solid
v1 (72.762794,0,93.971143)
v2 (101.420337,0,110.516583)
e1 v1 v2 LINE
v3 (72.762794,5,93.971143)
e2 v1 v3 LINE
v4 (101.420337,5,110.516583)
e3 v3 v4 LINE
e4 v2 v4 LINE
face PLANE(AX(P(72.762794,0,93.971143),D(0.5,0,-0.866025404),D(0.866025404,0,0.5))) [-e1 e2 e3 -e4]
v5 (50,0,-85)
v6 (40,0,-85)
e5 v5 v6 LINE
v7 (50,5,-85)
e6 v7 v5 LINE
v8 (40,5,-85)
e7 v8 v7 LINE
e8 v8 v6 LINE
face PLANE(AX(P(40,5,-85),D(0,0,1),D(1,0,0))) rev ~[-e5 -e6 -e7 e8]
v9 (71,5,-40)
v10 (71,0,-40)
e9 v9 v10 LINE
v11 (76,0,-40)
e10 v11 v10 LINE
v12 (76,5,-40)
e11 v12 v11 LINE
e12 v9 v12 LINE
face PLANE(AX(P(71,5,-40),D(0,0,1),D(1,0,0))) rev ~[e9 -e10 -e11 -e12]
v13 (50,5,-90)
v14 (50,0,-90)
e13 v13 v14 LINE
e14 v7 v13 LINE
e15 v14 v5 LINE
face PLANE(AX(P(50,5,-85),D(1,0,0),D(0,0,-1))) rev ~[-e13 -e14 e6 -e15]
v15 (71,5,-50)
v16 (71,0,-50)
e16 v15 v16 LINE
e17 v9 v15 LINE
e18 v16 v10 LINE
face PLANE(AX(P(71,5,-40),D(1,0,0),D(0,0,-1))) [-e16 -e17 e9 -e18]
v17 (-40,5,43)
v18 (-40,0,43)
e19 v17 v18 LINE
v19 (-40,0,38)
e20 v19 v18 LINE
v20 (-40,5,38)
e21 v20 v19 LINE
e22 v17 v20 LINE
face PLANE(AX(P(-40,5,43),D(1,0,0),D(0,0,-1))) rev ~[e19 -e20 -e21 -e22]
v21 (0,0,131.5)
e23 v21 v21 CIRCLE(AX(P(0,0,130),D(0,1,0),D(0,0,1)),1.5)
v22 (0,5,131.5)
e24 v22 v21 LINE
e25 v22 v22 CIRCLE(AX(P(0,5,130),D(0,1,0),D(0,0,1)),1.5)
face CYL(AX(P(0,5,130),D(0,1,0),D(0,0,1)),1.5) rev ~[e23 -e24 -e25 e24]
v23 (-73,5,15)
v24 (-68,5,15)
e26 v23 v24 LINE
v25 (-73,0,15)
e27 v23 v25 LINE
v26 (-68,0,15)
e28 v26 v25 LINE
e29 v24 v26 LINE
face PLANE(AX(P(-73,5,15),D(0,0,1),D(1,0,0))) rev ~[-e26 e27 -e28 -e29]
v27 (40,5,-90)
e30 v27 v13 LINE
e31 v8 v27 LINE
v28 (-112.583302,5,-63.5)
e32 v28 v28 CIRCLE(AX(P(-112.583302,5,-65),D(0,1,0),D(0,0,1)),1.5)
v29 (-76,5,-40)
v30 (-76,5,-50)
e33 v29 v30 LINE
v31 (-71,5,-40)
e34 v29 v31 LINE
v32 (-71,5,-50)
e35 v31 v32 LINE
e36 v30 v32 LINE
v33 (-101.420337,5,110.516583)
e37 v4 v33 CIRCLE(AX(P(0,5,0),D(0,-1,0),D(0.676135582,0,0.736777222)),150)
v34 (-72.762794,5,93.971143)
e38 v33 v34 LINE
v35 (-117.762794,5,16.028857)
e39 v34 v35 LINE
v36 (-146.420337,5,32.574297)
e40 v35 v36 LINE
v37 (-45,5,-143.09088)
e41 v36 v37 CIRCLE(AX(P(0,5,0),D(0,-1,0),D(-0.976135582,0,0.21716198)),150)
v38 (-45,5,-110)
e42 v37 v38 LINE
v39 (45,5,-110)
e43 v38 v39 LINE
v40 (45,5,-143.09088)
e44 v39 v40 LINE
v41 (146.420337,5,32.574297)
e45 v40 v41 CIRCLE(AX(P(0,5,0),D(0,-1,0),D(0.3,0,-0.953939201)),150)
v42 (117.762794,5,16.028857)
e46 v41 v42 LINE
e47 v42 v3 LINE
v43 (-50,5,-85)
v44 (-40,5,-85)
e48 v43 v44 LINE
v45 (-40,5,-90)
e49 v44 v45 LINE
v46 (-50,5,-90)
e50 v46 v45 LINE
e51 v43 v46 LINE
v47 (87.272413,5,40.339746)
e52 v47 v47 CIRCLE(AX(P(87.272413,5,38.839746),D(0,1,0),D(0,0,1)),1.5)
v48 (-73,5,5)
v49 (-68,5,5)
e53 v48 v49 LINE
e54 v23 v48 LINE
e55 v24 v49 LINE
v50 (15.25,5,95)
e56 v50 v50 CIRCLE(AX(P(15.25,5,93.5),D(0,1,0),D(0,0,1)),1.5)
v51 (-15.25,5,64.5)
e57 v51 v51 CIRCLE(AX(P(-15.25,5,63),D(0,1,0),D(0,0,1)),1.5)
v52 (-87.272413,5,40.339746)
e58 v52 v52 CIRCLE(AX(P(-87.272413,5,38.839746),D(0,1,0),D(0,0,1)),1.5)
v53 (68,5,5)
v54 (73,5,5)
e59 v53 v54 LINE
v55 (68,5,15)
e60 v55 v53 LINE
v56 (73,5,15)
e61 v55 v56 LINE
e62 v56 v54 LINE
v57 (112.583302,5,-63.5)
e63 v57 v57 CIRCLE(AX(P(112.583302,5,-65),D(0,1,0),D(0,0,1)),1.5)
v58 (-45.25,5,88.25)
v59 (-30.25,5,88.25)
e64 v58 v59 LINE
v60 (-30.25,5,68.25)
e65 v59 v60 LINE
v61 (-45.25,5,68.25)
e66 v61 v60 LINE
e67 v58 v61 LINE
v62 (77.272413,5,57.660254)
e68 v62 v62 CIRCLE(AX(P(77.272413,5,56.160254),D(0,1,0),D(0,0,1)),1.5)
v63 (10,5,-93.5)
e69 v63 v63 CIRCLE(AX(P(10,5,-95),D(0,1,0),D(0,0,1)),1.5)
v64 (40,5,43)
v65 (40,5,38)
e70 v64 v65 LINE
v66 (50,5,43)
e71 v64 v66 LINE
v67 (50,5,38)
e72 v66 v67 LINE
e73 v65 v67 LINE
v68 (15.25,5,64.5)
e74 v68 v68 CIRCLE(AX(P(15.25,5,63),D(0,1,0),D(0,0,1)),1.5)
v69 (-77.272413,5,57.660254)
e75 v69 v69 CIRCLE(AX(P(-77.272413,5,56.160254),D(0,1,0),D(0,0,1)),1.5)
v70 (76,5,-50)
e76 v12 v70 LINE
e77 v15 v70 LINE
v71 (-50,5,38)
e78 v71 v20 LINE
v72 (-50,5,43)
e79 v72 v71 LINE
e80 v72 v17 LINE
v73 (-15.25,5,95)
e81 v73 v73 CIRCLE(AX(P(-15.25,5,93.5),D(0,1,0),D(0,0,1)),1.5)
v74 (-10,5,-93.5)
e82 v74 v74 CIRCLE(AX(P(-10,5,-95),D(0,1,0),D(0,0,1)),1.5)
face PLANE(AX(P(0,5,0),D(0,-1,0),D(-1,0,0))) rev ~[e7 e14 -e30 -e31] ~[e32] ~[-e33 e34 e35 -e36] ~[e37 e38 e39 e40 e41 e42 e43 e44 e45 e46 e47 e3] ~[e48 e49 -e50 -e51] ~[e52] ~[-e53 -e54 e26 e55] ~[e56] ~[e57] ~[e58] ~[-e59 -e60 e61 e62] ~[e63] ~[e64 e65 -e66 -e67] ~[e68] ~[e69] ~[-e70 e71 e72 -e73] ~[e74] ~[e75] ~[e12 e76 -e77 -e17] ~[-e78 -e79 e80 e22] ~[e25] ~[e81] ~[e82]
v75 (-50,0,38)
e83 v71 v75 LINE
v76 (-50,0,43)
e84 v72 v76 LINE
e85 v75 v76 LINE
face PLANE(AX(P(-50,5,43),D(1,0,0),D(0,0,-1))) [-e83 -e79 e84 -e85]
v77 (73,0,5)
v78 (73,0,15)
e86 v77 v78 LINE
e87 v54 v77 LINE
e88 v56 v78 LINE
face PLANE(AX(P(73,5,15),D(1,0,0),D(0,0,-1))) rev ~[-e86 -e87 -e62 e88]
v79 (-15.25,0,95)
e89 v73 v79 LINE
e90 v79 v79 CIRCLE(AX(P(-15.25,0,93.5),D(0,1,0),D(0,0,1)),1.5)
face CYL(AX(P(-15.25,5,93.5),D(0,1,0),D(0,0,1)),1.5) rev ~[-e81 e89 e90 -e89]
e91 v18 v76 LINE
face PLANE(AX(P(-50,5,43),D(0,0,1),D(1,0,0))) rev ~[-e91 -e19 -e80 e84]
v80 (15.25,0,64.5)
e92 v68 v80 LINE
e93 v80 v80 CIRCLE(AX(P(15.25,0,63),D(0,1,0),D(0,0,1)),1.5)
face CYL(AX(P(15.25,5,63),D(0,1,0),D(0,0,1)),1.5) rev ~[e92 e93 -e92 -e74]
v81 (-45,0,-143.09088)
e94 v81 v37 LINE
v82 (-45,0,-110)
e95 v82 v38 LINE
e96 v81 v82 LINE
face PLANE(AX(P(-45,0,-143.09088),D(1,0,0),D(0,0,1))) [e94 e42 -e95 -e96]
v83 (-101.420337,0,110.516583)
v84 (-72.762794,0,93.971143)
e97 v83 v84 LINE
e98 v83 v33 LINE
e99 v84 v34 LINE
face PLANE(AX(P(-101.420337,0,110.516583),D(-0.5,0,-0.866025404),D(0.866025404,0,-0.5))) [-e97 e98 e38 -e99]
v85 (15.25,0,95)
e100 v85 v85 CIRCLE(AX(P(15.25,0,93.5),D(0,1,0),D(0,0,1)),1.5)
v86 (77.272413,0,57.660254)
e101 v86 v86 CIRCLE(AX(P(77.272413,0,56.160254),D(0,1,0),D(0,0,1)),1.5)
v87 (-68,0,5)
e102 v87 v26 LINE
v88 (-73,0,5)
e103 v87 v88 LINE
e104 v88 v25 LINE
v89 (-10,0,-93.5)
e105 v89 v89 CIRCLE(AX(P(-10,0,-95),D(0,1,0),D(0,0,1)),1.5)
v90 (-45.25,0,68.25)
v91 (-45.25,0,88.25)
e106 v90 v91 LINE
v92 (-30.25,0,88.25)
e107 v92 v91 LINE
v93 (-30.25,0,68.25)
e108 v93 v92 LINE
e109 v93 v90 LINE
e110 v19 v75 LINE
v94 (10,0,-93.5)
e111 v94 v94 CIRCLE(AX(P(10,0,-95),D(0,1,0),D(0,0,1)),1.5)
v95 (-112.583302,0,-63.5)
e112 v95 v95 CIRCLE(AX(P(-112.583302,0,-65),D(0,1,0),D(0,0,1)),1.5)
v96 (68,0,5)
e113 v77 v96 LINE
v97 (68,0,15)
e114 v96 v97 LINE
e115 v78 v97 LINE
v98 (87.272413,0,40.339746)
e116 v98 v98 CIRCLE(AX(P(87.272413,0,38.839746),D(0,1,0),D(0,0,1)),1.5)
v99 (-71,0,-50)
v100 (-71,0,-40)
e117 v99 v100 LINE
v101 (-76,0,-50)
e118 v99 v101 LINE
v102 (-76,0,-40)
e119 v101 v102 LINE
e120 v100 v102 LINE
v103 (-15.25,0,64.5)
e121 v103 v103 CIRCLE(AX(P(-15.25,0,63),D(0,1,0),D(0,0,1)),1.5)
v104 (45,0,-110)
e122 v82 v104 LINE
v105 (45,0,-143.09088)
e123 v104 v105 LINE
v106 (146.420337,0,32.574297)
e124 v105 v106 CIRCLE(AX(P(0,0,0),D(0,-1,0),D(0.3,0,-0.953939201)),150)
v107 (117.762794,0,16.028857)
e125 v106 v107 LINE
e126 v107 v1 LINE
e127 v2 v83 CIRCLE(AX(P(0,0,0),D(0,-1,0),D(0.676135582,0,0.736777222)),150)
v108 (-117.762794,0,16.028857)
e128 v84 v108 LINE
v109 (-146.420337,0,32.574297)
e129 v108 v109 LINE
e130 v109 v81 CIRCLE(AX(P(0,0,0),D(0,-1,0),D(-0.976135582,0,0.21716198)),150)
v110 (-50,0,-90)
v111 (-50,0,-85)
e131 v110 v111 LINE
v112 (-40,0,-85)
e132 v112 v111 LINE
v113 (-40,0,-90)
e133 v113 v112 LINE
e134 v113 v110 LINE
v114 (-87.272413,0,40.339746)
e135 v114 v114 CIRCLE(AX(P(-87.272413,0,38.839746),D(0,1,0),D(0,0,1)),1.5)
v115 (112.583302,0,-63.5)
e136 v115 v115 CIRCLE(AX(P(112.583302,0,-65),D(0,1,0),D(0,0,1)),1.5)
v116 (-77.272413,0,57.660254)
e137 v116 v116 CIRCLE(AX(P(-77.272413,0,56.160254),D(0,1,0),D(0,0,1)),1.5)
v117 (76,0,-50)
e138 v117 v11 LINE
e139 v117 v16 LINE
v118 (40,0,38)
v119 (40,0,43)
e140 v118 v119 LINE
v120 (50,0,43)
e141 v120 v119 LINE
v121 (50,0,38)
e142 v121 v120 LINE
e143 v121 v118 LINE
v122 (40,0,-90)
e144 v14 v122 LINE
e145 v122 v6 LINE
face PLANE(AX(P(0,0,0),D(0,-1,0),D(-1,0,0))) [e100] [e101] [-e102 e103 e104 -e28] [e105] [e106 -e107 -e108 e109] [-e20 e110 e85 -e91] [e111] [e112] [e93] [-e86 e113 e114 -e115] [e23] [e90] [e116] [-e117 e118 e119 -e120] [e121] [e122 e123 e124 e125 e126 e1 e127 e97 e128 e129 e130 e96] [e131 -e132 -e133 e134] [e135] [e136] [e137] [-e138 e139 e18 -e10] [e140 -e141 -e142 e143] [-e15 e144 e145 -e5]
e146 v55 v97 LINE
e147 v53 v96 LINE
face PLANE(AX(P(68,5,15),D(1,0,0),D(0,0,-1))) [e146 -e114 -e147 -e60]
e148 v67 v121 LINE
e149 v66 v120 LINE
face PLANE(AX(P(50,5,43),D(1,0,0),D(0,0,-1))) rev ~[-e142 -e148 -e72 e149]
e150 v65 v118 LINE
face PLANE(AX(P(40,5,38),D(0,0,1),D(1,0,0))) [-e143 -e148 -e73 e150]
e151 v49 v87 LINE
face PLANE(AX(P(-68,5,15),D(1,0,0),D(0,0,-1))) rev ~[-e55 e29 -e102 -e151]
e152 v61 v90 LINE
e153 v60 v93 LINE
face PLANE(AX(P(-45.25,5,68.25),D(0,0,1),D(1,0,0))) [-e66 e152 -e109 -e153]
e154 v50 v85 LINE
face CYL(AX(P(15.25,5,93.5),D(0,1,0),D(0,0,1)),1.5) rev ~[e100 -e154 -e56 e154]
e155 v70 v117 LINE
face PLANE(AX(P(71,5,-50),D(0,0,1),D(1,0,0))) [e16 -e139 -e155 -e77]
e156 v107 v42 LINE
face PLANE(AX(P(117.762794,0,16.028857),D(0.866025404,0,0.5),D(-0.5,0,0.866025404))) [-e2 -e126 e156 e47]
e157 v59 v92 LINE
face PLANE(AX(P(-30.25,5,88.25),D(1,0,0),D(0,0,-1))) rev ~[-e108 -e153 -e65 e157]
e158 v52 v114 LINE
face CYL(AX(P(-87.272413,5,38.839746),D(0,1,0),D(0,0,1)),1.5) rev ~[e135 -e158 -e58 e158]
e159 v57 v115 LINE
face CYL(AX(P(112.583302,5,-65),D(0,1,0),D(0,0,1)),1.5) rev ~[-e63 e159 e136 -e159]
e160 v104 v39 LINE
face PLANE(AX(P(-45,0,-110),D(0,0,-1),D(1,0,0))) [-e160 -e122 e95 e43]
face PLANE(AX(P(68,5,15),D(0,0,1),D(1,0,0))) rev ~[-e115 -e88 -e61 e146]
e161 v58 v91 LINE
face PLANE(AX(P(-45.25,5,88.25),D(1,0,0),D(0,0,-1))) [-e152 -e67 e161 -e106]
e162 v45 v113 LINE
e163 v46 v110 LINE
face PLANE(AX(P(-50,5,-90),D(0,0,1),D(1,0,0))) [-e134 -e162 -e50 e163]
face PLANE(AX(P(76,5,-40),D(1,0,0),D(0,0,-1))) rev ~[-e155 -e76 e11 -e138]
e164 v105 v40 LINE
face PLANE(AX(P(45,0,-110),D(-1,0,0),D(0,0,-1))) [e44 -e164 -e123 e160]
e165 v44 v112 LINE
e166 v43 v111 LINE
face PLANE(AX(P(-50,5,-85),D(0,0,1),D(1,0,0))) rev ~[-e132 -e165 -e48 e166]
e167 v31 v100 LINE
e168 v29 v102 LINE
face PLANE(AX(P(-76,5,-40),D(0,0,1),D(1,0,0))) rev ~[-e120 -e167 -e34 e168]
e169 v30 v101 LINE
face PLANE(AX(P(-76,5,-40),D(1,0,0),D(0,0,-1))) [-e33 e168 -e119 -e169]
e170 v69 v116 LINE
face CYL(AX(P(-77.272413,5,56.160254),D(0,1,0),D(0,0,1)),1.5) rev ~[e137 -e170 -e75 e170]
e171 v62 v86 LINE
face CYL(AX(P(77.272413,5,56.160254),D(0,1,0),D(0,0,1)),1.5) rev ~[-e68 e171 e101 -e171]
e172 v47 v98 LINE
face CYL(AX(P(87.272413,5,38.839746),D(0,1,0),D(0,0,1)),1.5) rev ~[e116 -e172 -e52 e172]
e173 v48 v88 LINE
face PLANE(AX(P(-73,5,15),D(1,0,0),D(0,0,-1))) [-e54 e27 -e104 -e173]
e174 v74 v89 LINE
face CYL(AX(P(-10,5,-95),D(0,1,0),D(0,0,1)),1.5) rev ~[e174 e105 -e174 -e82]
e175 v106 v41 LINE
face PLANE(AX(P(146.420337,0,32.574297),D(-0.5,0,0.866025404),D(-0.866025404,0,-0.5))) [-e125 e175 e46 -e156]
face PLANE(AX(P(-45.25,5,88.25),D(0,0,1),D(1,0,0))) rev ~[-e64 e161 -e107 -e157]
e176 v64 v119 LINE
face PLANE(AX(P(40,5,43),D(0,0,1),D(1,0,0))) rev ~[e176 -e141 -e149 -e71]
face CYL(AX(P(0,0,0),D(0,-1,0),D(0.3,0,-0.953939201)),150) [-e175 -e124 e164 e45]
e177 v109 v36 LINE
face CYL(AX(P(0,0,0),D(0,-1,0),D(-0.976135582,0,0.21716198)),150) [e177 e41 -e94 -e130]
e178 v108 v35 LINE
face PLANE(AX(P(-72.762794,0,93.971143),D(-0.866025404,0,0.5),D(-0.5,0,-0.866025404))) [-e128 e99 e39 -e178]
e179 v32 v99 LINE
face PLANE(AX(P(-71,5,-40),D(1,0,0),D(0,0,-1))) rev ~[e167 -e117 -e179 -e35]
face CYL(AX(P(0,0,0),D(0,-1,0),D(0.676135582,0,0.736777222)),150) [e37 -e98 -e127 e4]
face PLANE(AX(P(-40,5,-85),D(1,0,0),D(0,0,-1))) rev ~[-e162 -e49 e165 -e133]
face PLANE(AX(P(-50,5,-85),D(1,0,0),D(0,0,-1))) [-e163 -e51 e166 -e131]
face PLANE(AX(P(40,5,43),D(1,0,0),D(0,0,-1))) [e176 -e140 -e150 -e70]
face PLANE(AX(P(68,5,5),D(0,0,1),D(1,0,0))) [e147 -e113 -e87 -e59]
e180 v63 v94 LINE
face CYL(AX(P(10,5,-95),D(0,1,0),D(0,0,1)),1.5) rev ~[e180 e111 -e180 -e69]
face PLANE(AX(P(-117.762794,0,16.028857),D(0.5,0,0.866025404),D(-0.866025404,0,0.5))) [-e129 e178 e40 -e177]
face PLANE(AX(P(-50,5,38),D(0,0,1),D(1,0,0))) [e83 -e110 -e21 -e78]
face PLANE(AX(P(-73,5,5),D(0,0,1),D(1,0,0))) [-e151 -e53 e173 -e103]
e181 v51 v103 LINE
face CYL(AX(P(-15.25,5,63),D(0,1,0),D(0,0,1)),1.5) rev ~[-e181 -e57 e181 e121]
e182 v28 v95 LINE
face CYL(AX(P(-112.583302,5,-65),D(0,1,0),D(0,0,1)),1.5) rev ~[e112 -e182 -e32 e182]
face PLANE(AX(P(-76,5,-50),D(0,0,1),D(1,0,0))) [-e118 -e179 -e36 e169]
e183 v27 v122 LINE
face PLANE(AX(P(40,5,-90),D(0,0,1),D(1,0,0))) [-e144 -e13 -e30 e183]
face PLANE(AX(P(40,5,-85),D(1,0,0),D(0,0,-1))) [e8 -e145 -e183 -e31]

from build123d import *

# Parameters (mm, degrees)
BOSS_EXTRUDE1_DEPTH = 5
SKETCH2_R           = 1.5
CUT_EXTRUDE1_DEPTH  = 10
SKETCH3_W           = 10
SKETCH3_H           = 5
SKETCH3_W_2         = 5
SKETCH3_H_2         = 10
CUT_EXTRUDE2_DEPTH  = 10
SKETCH4_R           = 1.5
SKETCH4_W           = 15
SKETCH4_H           = 20
CUT_EXTRUDE3_DEPTH  = 10
SKETCH5_R           = 1.5
CUT_EXTRUDE4_DEPTH  = 10


with BuildPart() as part:
    # Sketch1 → Boss-Extrude1 (new body)
    with BuildSketch(Plane(origin=(0, 0, 0), x_dir=(1, 0, 0), z_dir=(0, 1, 0))):
        with BuildLine():
            Line((-45, 110), (45, 110))
            Line((45, 110), (45, 143.090880213))
            ThreePointArc((45, 143.090880213), (129.903810568, 75), (146.420337314, -32.574296936))
            Line((146.420337314, -32.574296936), (117.762794416, -16.02885683))
            Line((117.762794416, -16.02885683), (72.762794416, -93.97114317))
            Line((72.762794416, -93.97114317), (101.420337314, -110.516583277))
            ThreePointArc((101.420337314, -110.516583277), (0, -150), (-101.420337314, -110.516583277))
            Line((-101.420337314, -110.516583277), (-72.762794416, -93.97114317))
            Line((-72.762794416, -93.97114317), (-117.762794416, -16.02885683))
            Line((-117.762794416, -16.02885683), (-146.420337314, -32.574296936))
            ThreePointArc((-146.420337314, -32.574296936), (-129.903810568, 75), (-45, 143.090880213))
            Line((-45, 143.090880213), (-45, 110))
        make_face()
    extrude(amount=BOSS_EXTRUDE1_DEPTH)

    # Sketch2 → Cut-Extrude1 (cut)
    with BuildSketch(Plane(origin=(0, 5, 0), x_dir=(1, 0, 0), z_dir=(0, 1, 0))):
        with Locations(Location((-10, 95, 0), (0, 0, 270))):
            Circle(SKETCH2_R)
        with Locations(Location((10, 95, 0), (0, 0, 270))):
            Circle(SKETCH2_R)
        with Locations(Location((-87.27241336, -38.839745962, 0), (0, 0, 270))):
            Circle(SKETCH2_R)
        with Locations(Location((-77.27241336, -56.160254038, 0), (0, 0, 270))):
            Circle(SKETCH2_R)
        with Locations(Location((77.27241336, -56.160254038, 0), (0, 0, 270))):
            Circle(SKETCH2_R)
        with Locations(Location((87.27241336, -38.839745962, 0), (0, 0, 270))):
            Circle(SKETCH2_R)
    extrude(amount=-CUT_EXTRUDE1_DEPTH, mode=Mode.SUBTRACT)

    # Sketch3 → Cut-Extrude2 (cut)
    with BuildSketch(Plane(origin=(0, 5, 0), x_dir=(1, 0, 0), z_dir=(0, 1, 0))):
        with Locations((45, 87.5)):
            Rectangle(SKETCH3_W, SKETCH3_H)
        with Locations((-45, 87.5)):
            Rectangle(SKETCH3_W, SKETCH3_H)
        with Locations((-73.5, 45)):
            Rectangle(SKETCH3_W_2, SKETCH3_H_2)
        with Locations((73.5, 45)):
            Rectangle(SKETCH3_W_2, SKETCH3_H_2)
        with Locations((-45, -40.5)):
            Rectangle(SKETCH3_W, SKETCH3_H)
        with Locations((45, -40.5)):
            Rectangle(SKETCH3_W, SKETCH3_H)
        with Locations((-70.5, -10)):
            Rectangle(SKETCH3_W_2, SKETCH3_H_2)
        with Locations((70.5, -10)):
            Rectangle(SKETCH3_W_2, SKETCH3_H_2)
    extrude(amount=-CUT_EXTRUDE2_DEPTH, mode=Mode.SUBTRACT)

    # Sketch4 → Cut-Extrude3 (cut)
    with BuildSketch(Plane(origin=(0, 5, 0), x_dir=(1, 0, 0), z_dir=(0, 1, 0))):
        with Locations(Location((-15.25, -63, 0), (0, 0, 270))):
            Circle(SKETCH4_R)
        with Locations(Location((15.25, -63, 0), (0, 0, 270))):
            Circle(SKETCH4_R)
        with Locations(Location((-15.25, -93.5, 0), (0, 0, 270))):
            Circle(SKETCH4_R)
        with Locations(Location((15.25, -93.5, 0), (0, 0, 270))):
            Circle(SKETCH4_R)
        with Locations((-37.75, -78.25)):
            Rectangle(SKETCH4_W, SKETCH4_H)
    extrude(amount=-CUT_EXTRUDE3_DEPTH, mode=Mode.SUBTRACT)

    # Sketch5 → Cut-Extrude4 (cut)
    with BuildSketch(Plane(origin=(0, 5, 0), x_dir=(1, 0, 0), z_dir=(0, 1, 0))):
        with Locations(Location((-112.583302492, 65, 0), (0, 0, 270))):
            Circle(SKETCH5_R)
        with Locations(Location((112.583302492, 65, 0), (0, 0, 270))):
            Circle(SKETCH5_R)
        with Locations(Location((0, -130, 0), (0, 0, 270))):
            Circle(SKETCH5_R)
    extrude(amount=-CUT_EXTRUDE4_DEPTH, mode=Mode.SUBTRACT)


solid = part.part
